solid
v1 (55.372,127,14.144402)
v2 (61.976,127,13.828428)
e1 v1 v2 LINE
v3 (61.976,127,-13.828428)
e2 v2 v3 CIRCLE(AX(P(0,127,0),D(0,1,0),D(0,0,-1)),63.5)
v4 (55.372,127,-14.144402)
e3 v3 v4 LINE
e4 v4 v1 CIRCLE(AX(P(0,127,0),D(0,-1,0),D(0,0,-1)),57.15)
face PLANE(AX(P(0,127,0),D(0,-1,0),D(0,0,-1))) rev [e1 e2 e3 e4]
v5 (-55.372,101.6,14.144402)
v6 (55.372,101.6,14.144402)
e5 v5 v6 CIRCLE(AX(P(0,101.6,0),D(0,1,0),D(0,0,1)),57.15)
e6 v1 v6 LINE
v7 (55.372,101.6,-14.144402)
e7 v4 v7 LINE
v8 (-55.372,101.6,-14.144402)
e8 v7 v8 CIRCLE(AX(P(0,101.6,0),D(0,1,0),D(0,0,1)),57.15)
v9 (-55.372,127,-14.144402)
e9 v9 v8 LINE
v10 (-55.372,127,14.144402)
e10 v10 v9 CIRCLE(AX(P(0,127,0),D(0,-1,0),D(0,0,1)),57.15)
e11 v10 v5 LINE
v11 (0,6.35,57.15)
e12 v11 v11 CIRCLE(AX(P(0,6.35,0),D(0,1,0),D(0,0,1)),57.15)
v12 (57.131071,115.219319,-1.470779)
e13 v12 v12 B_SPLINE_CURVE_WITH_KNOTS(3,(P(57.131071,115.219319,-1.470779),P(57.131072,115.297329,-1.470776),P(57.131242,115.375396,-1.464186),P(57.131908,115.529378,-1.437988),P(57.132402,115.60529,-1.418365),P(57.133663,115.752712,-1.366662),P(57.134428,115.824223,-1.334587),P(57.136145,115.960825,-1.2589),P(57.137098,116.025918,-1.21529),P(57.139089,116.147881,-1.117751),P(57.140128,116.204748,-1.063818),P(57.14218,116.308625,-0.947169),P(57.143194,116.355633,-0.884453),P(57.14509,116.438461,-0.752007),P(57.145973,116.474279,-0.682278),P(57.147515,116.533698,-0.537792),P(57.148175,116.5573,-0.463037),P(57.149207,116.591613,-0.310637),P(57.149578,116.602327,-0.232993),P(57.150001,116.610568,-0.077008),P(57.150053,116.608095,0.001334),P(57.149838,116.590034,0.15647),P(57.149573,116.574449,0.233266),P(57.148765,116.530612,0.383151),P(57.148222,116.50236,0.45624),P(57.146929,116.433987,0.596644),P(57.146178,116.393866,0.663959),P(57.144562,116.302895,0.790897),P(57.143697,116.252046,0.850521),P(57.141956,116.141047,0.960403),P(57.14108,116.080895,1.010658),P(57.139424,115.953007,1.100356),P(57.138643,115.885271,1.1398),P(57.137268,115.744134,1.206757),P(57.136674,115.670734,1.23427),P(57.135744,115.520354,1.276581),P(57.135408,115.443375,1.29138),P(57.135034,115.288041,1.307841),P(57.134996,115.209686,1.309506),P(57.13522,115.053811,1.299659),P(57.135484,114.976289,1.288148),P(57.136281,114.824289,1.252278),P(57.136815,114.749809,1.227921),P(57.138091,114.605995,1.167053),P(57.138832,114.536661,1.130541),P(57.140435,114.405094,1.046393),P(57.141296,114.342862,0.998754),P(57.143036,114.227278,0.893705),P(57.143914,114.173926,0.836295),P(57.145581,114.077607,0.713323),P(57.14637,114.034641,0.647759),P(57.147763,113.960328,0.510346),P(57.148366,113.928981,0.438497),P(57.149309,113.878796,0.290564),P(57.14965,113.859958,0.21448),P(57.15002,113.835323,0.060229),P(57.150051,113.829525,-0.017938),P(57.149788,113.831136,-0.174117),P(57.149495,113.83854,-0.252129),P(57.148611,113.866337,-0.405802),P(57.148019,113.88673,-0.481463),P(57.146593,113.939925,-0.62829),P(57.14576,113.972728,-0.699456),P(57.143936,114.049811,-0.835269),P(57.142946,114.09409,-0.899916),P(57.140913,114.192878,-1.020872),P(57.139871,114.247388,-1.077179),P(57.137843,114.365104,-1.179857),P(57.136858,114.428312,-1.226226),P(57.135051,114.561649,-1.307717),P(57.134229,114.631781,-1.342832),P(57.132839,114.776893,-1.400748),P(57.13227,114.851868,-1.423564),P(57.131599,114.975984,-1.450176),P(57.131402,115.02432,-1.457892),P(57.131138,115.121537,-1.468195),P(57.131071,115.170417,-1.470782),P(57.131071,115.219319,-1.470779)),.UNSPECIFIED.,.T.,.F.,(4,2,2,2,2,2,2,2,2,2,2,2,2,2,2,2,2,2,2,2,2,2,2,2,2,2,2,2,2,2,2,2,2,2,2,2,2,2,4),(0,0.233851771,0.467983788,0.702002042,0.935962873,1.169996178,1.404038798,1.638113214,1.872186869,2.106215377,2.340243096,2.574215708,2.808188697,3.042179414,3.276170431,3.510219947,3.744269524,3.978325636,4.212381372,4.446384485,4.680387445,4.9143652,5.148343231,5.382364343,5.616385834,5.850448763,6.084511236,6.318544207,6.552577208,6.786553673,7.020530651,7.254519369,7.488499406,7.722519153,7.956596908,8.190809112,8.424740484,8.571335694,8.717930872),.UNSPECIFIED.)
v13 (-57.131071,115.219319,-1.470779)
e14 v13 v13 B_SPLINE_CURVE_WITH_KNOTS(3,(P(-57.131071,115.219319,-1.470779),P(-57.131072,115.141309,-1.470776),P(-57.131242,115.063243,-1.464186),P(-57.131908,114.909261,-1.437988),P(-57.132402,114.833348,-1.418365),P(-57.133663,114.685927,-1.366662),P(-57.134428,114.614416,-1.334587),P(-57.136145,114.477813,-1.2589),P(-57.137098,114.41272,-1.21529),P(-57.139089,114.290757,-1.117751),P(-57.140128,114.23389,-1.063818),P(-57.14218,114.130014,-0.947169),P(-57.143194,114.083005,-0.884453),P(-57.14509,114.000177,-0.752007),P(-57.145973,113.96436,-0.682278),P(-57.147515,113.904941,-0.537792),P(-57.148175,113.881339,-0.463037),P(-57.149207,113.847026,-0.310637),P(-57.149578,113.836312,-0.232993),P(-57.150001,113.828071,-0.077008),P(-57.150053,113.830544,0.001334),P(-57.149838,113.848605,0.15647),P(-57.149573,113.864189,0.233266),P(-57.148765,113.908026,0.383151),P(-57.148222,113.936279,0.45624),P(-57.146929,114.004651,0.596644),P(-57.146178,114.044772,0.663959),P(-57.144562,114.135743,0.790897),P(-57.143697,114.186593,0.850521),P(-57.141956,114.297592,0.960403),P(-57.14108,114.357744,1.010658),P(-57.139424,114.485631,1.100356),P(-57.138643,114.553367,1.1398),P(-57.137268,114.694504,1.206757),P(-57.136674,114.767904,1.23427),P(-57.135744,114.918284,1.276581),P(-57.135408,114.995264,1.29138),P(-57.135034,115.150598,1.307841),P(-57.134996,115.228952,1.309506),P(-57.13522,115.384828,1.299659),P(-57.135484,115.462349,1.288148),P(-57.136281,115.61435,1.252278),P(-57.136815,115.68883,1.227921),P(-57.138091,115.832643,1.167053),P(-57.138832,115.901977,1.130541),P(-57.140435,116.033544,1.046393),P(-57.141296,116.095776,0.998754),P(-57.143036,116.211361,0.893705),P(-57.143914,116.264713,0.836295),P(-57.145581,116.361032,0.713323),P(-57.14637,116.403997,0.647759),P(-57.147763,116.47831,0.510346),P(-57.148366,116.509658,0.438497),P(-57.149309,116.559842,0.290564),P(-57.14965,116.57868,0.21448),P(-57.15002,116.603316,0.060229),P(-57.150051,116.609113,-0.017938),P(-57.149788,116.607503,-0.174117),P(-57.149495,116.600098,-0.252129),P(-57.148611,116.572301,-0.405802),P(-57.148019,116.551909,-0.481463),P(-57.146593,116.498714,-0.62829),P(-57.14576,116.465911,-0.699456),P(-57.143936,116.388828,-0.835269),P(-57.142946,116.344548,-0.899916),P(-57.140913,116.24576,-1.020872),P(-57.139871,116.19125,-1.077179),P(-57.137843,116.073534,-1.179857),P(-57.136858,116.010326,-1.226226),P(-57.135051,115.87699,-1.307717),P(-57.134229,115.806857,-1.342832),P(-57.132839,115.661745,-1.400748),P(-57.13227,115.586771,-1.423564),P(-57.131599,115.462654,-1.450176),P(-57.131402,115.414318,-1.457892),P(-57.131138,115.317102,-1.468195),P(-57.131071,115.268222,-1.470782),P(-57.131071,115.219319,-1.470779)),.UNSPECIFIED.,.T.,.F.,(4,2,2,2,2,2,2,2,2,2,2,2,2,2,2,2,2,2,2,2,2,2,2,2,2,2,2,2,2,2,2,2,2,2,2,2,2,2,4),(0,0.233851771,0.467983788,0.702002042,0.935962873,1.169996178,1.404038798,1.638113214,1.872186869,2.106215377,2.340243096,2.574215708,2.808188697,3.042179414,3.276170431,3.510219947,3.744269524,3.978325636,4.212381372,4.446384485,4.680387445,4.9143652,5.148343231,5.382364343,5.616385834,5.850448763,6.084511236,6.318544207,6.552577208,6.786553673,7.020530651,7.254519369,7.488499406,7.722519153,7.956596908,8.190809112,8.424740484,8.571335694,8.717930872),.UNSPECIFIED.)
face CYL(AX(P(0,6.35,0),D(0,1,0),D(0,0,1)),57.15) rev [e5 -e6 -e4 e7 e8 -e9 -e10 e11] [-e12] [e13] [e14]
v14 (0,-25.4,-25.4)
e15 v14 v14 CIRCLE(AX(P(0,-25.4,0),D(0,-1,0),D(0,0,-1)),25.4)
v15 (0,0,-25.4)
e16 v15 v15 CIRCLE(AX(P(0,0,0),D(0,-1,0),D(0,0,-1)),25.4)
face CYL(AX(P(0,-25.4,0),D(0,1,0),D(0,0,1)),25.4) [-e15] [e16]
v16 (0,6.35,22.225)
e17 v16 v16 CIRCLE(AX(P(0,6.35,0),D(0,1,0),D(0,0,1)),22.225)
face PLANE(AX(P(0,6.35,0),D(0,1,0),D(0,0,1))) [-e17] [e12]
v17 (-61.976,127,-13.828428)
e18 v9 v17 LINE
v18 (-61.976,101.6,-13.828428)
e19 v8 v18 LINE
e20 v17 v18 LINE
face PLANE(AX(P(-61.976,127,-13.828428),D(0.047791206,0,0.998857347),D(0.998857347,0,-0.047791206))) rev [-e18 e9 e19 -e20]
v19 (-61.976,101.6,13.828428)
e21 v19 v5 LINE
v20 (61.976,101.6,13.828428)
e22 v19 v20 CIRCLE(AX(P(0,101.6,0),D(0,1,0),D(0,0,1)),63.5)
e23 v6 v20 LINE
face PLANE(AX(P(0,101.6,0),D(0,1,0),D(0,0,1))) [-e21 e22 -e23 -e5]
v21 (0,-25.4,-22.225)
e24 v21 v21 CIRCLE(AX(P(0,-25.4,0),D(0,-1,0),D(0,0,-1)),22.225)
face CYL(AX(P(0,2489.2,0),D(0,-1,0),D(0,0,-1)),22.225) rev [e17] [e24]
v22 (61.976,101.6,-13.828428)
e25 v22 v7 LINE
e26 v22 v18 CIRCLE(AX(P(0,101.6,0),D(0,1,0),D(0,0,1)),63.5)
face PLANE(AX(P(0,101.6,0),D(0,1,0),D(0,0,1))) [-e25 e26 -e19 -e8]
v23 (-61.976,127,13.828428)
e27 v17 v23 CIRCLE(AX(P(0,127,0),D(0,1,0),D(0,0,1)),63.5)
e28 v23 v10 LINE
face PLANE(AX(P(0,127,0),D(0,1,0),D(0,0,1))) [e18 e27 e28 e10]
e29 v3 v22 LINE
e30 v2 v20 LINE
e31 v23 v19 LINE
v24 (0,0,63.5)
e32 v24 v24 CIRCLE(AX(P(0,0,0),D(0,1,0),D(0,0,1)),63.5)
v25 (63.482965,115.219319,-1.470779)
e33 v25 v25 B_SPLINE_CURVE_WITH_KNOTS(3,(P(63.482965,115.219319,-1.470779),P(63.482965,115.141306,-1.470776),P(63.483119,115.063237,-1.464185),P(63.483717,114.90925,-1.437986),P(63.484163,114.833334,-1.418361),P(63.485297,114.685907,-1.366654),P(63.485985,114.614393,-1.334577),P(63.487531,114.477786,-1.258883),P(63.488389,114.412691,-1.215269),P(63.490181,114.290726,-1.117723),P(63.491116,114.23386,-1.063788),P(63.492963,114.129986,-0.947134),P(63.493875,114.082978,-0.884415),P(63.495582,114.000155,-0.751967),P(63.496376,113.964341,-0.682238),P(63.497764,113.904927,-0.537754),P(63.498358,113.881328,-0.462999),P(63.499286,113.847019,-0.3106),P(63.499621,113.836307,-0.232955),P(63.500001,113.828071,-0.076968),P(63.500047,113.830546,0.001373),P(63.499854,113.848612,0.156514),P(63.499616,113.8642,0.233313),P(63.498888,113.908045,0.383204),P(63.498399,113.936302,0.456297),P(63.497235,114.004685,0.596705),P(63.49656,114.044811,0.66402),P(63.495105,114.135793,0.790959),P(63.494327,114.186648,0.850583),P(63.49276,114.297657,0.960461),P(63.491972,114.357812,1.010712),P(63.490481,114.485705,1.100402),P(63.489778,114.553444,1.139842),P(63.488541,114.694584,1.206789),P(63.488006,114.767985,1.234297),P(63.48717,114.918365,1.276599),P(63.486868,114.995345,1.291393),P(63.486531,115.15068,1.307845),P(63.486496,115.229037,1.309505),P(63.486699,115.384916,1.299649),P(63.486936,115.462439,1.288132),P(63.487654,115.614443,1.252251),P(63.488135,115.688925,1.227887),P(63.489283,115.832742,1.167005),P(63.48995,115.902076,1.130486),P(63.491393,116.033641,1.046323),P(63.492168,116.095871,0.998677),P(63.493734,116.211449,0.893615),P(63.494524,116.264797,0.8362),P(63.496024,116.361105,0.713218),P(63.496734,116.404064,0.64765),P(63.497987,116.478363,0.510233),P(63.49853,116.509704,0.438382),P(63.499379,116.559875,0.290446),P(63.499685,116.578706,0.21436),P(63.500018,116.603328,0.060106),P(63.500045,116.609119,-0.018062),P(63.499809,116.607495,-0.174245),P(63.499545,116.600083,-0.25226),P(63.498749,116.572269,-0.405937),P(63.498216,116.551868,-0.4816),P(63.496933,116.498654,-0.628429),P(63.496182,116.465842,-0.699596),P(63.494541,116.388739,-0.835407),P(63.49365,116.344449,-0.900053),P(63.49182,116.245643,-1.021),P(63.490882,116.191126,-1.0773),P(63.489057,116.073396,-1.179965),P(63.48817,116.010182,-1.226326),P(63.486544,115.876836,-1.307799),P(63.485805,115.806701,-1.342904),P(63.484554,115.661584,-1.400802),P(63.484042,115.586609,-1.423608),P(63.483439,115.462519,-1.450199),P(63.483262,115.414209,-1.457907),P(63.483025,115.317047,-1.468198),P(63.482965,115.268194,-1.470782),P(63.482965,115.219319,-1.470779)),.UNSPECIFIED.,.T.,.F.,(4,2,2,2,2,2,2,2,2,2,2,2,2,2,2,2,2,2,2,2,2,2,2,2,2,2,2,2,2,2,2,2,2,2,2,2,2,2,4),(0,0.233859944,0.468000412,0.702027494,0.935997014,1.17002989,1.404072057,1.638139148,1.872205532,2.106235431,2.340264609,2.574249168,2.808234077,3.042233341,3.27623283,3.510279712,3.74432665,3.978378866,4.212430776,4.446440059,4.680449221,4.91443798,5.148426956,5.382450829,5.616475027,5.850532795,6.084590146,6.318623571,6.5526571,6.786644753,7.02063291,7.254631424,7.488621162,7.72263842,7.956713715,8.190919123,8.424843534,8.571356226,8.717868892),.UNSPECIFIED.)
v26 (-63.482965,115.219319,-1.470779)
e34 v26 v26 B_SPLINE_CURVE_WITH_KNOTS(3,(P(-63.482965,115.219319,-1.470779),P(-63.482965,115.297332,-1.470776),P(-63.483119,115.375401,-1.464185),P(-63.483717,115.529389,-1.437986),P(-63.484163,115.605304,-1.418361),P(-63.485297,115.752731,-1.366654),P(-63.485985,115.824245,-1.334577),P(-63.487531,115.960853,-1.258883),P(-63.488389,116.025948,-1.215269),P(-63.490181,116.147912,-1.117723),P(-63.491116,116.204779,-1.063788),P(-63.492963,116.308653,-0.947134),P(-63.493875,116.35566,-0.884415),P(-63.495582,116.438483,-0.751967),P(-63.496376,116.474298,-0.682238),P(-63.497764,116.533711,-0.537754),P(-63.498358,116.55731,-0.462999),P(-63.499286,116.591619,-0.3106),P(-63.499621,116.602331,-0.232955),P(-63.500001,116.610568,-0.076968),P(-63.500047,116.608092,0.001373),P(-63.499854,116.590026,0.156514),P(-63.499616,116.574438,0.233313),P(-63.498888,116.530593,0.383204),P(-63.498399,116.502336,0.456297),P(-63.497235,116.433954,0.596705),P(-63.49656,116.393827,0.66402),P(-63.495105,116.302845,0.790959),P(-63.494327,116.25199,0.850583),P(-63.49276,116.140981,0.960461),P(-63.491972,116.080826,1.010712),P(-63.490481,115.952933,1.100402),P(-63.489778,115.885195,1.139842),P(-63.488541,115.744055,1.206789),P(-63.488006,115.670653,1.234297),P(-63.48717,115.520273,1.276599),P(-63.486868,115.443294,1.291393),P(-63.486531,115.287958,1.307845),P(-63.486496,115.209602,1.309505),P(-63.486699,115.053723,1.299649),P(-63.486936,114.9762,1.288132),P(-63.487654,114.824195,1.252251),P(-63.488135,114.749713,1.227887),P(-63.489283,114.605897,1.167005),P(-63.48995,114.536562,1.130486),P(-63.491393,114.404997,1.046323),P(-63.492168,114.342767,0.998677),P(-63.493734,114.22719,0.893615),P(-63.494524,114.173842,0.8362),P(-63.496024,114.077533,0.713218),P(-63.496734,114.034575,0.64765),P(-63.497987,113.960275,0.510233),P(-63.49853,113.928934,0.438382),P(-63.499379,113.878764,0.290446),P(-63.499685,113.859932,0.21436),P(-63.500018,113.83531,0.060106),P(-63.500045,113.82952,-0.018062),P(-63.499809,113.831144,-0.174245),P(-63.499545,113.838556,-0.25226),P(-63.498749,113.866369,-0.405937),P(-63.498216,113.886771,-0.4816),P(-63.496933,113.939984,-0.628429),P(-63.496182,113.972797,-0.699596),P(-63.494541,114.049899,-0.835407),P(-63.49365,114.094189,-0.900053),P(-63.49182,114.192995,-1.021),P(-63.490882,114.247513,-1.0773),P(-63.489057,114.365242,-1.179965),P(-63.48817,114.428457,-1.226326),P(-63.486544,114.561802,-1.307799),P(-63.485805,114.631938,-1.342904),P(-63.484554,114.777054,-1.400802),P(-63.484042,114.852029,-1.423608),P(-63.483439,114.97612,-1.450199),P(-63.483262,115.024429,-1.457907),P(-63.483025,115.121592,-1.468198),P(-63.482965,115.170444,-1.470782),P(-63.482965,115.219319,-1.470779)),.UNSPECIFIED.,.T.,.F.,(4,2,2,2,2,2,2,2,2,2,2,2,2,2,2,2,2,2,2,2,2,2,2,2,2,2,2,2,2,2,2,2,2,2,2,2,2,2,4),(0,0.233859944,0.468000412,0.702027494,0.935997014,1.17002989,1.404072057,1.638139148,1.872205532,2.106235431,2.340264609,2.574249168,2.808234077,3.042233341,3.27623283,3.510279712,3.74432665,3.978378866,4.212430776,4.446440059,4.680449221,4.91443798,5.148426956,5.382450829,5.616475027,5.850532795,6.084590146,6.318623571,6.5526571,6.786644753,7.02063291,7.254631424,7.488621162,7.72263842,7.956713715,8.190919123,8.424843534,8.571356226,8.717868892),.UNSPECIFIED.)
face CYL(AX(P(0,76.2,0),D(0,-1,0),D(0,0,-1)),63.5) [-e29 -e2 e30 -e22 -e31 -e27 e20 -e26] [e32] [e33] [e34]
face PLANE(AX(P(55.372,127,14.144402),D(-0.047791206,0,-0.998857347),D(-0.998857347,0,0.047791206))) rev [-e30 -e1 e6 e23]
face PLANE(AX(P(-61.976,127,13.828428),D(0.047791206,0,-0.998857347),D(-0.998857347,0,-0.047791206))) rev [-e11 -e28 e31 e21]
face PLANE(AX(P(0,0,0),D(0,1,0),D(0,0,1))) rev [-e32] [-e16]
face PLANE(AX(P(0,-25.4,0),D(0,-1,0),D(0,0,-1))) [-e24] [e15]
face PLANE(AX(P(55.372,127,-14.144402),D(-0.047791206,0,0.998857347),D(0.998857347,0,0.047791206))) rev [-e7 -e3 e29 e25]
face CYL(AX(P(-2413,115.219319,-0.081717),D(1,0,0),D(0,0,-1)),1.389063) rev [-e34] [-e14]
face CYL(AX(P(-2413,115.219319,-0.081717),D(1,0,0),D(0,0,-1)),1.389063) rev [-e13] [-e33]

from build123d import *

# Parameters (mm, degrees)
SKETCH1_R           = 63.5
BOSS_EXTRUDE1_DEPTH = 76.2
SKETCH2_R           = 57.15
CUT_EXTRUDE1_DEPTH  = 69.85
SKETCH4_R           = 25.4
BOSS_EXTRUDE2_DEPTH = 25.4
SKETCH5_R           = 22.225
CUT_EXTRUDE2_DEPTH  = 2514.6
SKETCH8_R           = 63.5
BOSS_EXTRUDE3_DEPTH = 25.4
SKETCH9_R           = 57.15
CUT_EXTRUDE3_DEPTH  = 50.8
BOSS_EXTRUDE5_DEPTH = 25.4
BOSS_EXTRUDE6_DEPTH = 25.4
SKETCH14_R          = 1.389063
CUT_EXTRUDE4_DEPTH  = 2514.6


with BuildPart() as part:
    # Sketch1 → Boss-Extrude1 (new body)
    with BuildSketch(Plane(origin=(0, 0, 0), x_dir=(1, 0, 0), z_dir=(0, 1, 0))):
        Circle(SKETCH1_R)
    extrude(amount=BOSS_EXTRUDE1_DEPTH)

    # Sketch2 → Cut-Extrude1 (cut)
    with BuildSketch(Plane(origin=(0, 76.2, 0), x_dir=(1, 0, 0), z_dir=(0, 1, 0))):
        Circle(SKETCH2_R)
    extrude(amount=-CUT_EXTRUDE1_DEPTH, mode=Mode.SUBTRACT)

    # Sketch4 → Boss-Extrude2 (add)
    with BuildSketch(Plane.XZ):
        Circle(SKETCH4_R)
    extrude(amount=BOSS_EXTRUDE2_DEPTH)

    # Sketch5 → Cut-Extrude2 (cut)
    with BuildSketch(Plane.XZ.offset(25.4)):
        Circle(SKETCH5_R)
    extrude(amount=-CUT_EXTRUDE2_DEPTH, mode=Mode.SUBTRACT)

    # Sketch8 → Boss-Extrude3 (add)
    with BuildSketch(Plane(origin=(0, 76.2, 0), x_dir=(1, 0, 0), z_dir=(0, 1, 0))):
        Circle(SKETCH8_R)
    extrude(amount=BOSS_EXTRUDE3_DEPTH)

    # Sketch9 → Cut-Extrude3 (cut)
    with BuildSketch(Plane(origin=(0, 101.6, 0), x_dir=(1, 0, 0), z_dir=(0, 1, 0))):
        Circle(SKETCH9_R)
    extrude(amount=-CUT_EXTRUDE3_DEPTH, mode=Mode.SUBTRACT)

    # Sketch11 → Boss-Extrude5 (add)
    with BuildSketch(Plane(origin=(0, 101.6, 0), x_dir=(1, 0, 0), z_dir=(0, 1, 0))):
        with BuildLine():
            Line((-61.976, 13.828428), (-55.372, 14.144402))
            ThreePointArc((-55.372, 14.144402), (-57.15, 0), (-55.372, -14.144402))
            Line((-55.372, -14.144402), (-61.976, -13.828428))
            ThreePointArc((-61.976, -13.828428), (-63.5, 0), (-61.976, 13.828428))
        make_face()
    extrude(amount=BOSS_EXTRUDE5_DEPTH)

    # Sketch13 → Boss-Extrude6 (add)
    with BuildSketch(Plane(origin=(0, 101.6, 0), x_dir=(1, 0, 0), z_dir=(0, 1, 0))):
        with BuildLine():
            Line((55.372, 14.144402), (61.976, 13.828428))
            ThreePointArc((61.976, 13.828428), (63.5, 0), (61.976, -13.828428))
            Line((61.976, -13.828428), (55.372, -14.144402))
            ThreePointArc((55.372, -14.144402), (57.15, 0), (55.372, 14.144402))
        make_face()
    extrude(amount=BOSS_EXTRUDE6_DEPTH)

    # Sketch14 → Cut-Extrude4 (cut)
    with BuildSketch(Plane(origin=(101.6, 0, 0), x_dir=(0, 0, -1), z_dir=(1, 0, 0))):
        with Locations((0.081717, 115.219319)):
            Circle(SKETCH14_R)
    extrude(amount=-CUT_EXTRUDE4_DEPTH, mode=Mode.SUBTRACT)


solid = part.part
